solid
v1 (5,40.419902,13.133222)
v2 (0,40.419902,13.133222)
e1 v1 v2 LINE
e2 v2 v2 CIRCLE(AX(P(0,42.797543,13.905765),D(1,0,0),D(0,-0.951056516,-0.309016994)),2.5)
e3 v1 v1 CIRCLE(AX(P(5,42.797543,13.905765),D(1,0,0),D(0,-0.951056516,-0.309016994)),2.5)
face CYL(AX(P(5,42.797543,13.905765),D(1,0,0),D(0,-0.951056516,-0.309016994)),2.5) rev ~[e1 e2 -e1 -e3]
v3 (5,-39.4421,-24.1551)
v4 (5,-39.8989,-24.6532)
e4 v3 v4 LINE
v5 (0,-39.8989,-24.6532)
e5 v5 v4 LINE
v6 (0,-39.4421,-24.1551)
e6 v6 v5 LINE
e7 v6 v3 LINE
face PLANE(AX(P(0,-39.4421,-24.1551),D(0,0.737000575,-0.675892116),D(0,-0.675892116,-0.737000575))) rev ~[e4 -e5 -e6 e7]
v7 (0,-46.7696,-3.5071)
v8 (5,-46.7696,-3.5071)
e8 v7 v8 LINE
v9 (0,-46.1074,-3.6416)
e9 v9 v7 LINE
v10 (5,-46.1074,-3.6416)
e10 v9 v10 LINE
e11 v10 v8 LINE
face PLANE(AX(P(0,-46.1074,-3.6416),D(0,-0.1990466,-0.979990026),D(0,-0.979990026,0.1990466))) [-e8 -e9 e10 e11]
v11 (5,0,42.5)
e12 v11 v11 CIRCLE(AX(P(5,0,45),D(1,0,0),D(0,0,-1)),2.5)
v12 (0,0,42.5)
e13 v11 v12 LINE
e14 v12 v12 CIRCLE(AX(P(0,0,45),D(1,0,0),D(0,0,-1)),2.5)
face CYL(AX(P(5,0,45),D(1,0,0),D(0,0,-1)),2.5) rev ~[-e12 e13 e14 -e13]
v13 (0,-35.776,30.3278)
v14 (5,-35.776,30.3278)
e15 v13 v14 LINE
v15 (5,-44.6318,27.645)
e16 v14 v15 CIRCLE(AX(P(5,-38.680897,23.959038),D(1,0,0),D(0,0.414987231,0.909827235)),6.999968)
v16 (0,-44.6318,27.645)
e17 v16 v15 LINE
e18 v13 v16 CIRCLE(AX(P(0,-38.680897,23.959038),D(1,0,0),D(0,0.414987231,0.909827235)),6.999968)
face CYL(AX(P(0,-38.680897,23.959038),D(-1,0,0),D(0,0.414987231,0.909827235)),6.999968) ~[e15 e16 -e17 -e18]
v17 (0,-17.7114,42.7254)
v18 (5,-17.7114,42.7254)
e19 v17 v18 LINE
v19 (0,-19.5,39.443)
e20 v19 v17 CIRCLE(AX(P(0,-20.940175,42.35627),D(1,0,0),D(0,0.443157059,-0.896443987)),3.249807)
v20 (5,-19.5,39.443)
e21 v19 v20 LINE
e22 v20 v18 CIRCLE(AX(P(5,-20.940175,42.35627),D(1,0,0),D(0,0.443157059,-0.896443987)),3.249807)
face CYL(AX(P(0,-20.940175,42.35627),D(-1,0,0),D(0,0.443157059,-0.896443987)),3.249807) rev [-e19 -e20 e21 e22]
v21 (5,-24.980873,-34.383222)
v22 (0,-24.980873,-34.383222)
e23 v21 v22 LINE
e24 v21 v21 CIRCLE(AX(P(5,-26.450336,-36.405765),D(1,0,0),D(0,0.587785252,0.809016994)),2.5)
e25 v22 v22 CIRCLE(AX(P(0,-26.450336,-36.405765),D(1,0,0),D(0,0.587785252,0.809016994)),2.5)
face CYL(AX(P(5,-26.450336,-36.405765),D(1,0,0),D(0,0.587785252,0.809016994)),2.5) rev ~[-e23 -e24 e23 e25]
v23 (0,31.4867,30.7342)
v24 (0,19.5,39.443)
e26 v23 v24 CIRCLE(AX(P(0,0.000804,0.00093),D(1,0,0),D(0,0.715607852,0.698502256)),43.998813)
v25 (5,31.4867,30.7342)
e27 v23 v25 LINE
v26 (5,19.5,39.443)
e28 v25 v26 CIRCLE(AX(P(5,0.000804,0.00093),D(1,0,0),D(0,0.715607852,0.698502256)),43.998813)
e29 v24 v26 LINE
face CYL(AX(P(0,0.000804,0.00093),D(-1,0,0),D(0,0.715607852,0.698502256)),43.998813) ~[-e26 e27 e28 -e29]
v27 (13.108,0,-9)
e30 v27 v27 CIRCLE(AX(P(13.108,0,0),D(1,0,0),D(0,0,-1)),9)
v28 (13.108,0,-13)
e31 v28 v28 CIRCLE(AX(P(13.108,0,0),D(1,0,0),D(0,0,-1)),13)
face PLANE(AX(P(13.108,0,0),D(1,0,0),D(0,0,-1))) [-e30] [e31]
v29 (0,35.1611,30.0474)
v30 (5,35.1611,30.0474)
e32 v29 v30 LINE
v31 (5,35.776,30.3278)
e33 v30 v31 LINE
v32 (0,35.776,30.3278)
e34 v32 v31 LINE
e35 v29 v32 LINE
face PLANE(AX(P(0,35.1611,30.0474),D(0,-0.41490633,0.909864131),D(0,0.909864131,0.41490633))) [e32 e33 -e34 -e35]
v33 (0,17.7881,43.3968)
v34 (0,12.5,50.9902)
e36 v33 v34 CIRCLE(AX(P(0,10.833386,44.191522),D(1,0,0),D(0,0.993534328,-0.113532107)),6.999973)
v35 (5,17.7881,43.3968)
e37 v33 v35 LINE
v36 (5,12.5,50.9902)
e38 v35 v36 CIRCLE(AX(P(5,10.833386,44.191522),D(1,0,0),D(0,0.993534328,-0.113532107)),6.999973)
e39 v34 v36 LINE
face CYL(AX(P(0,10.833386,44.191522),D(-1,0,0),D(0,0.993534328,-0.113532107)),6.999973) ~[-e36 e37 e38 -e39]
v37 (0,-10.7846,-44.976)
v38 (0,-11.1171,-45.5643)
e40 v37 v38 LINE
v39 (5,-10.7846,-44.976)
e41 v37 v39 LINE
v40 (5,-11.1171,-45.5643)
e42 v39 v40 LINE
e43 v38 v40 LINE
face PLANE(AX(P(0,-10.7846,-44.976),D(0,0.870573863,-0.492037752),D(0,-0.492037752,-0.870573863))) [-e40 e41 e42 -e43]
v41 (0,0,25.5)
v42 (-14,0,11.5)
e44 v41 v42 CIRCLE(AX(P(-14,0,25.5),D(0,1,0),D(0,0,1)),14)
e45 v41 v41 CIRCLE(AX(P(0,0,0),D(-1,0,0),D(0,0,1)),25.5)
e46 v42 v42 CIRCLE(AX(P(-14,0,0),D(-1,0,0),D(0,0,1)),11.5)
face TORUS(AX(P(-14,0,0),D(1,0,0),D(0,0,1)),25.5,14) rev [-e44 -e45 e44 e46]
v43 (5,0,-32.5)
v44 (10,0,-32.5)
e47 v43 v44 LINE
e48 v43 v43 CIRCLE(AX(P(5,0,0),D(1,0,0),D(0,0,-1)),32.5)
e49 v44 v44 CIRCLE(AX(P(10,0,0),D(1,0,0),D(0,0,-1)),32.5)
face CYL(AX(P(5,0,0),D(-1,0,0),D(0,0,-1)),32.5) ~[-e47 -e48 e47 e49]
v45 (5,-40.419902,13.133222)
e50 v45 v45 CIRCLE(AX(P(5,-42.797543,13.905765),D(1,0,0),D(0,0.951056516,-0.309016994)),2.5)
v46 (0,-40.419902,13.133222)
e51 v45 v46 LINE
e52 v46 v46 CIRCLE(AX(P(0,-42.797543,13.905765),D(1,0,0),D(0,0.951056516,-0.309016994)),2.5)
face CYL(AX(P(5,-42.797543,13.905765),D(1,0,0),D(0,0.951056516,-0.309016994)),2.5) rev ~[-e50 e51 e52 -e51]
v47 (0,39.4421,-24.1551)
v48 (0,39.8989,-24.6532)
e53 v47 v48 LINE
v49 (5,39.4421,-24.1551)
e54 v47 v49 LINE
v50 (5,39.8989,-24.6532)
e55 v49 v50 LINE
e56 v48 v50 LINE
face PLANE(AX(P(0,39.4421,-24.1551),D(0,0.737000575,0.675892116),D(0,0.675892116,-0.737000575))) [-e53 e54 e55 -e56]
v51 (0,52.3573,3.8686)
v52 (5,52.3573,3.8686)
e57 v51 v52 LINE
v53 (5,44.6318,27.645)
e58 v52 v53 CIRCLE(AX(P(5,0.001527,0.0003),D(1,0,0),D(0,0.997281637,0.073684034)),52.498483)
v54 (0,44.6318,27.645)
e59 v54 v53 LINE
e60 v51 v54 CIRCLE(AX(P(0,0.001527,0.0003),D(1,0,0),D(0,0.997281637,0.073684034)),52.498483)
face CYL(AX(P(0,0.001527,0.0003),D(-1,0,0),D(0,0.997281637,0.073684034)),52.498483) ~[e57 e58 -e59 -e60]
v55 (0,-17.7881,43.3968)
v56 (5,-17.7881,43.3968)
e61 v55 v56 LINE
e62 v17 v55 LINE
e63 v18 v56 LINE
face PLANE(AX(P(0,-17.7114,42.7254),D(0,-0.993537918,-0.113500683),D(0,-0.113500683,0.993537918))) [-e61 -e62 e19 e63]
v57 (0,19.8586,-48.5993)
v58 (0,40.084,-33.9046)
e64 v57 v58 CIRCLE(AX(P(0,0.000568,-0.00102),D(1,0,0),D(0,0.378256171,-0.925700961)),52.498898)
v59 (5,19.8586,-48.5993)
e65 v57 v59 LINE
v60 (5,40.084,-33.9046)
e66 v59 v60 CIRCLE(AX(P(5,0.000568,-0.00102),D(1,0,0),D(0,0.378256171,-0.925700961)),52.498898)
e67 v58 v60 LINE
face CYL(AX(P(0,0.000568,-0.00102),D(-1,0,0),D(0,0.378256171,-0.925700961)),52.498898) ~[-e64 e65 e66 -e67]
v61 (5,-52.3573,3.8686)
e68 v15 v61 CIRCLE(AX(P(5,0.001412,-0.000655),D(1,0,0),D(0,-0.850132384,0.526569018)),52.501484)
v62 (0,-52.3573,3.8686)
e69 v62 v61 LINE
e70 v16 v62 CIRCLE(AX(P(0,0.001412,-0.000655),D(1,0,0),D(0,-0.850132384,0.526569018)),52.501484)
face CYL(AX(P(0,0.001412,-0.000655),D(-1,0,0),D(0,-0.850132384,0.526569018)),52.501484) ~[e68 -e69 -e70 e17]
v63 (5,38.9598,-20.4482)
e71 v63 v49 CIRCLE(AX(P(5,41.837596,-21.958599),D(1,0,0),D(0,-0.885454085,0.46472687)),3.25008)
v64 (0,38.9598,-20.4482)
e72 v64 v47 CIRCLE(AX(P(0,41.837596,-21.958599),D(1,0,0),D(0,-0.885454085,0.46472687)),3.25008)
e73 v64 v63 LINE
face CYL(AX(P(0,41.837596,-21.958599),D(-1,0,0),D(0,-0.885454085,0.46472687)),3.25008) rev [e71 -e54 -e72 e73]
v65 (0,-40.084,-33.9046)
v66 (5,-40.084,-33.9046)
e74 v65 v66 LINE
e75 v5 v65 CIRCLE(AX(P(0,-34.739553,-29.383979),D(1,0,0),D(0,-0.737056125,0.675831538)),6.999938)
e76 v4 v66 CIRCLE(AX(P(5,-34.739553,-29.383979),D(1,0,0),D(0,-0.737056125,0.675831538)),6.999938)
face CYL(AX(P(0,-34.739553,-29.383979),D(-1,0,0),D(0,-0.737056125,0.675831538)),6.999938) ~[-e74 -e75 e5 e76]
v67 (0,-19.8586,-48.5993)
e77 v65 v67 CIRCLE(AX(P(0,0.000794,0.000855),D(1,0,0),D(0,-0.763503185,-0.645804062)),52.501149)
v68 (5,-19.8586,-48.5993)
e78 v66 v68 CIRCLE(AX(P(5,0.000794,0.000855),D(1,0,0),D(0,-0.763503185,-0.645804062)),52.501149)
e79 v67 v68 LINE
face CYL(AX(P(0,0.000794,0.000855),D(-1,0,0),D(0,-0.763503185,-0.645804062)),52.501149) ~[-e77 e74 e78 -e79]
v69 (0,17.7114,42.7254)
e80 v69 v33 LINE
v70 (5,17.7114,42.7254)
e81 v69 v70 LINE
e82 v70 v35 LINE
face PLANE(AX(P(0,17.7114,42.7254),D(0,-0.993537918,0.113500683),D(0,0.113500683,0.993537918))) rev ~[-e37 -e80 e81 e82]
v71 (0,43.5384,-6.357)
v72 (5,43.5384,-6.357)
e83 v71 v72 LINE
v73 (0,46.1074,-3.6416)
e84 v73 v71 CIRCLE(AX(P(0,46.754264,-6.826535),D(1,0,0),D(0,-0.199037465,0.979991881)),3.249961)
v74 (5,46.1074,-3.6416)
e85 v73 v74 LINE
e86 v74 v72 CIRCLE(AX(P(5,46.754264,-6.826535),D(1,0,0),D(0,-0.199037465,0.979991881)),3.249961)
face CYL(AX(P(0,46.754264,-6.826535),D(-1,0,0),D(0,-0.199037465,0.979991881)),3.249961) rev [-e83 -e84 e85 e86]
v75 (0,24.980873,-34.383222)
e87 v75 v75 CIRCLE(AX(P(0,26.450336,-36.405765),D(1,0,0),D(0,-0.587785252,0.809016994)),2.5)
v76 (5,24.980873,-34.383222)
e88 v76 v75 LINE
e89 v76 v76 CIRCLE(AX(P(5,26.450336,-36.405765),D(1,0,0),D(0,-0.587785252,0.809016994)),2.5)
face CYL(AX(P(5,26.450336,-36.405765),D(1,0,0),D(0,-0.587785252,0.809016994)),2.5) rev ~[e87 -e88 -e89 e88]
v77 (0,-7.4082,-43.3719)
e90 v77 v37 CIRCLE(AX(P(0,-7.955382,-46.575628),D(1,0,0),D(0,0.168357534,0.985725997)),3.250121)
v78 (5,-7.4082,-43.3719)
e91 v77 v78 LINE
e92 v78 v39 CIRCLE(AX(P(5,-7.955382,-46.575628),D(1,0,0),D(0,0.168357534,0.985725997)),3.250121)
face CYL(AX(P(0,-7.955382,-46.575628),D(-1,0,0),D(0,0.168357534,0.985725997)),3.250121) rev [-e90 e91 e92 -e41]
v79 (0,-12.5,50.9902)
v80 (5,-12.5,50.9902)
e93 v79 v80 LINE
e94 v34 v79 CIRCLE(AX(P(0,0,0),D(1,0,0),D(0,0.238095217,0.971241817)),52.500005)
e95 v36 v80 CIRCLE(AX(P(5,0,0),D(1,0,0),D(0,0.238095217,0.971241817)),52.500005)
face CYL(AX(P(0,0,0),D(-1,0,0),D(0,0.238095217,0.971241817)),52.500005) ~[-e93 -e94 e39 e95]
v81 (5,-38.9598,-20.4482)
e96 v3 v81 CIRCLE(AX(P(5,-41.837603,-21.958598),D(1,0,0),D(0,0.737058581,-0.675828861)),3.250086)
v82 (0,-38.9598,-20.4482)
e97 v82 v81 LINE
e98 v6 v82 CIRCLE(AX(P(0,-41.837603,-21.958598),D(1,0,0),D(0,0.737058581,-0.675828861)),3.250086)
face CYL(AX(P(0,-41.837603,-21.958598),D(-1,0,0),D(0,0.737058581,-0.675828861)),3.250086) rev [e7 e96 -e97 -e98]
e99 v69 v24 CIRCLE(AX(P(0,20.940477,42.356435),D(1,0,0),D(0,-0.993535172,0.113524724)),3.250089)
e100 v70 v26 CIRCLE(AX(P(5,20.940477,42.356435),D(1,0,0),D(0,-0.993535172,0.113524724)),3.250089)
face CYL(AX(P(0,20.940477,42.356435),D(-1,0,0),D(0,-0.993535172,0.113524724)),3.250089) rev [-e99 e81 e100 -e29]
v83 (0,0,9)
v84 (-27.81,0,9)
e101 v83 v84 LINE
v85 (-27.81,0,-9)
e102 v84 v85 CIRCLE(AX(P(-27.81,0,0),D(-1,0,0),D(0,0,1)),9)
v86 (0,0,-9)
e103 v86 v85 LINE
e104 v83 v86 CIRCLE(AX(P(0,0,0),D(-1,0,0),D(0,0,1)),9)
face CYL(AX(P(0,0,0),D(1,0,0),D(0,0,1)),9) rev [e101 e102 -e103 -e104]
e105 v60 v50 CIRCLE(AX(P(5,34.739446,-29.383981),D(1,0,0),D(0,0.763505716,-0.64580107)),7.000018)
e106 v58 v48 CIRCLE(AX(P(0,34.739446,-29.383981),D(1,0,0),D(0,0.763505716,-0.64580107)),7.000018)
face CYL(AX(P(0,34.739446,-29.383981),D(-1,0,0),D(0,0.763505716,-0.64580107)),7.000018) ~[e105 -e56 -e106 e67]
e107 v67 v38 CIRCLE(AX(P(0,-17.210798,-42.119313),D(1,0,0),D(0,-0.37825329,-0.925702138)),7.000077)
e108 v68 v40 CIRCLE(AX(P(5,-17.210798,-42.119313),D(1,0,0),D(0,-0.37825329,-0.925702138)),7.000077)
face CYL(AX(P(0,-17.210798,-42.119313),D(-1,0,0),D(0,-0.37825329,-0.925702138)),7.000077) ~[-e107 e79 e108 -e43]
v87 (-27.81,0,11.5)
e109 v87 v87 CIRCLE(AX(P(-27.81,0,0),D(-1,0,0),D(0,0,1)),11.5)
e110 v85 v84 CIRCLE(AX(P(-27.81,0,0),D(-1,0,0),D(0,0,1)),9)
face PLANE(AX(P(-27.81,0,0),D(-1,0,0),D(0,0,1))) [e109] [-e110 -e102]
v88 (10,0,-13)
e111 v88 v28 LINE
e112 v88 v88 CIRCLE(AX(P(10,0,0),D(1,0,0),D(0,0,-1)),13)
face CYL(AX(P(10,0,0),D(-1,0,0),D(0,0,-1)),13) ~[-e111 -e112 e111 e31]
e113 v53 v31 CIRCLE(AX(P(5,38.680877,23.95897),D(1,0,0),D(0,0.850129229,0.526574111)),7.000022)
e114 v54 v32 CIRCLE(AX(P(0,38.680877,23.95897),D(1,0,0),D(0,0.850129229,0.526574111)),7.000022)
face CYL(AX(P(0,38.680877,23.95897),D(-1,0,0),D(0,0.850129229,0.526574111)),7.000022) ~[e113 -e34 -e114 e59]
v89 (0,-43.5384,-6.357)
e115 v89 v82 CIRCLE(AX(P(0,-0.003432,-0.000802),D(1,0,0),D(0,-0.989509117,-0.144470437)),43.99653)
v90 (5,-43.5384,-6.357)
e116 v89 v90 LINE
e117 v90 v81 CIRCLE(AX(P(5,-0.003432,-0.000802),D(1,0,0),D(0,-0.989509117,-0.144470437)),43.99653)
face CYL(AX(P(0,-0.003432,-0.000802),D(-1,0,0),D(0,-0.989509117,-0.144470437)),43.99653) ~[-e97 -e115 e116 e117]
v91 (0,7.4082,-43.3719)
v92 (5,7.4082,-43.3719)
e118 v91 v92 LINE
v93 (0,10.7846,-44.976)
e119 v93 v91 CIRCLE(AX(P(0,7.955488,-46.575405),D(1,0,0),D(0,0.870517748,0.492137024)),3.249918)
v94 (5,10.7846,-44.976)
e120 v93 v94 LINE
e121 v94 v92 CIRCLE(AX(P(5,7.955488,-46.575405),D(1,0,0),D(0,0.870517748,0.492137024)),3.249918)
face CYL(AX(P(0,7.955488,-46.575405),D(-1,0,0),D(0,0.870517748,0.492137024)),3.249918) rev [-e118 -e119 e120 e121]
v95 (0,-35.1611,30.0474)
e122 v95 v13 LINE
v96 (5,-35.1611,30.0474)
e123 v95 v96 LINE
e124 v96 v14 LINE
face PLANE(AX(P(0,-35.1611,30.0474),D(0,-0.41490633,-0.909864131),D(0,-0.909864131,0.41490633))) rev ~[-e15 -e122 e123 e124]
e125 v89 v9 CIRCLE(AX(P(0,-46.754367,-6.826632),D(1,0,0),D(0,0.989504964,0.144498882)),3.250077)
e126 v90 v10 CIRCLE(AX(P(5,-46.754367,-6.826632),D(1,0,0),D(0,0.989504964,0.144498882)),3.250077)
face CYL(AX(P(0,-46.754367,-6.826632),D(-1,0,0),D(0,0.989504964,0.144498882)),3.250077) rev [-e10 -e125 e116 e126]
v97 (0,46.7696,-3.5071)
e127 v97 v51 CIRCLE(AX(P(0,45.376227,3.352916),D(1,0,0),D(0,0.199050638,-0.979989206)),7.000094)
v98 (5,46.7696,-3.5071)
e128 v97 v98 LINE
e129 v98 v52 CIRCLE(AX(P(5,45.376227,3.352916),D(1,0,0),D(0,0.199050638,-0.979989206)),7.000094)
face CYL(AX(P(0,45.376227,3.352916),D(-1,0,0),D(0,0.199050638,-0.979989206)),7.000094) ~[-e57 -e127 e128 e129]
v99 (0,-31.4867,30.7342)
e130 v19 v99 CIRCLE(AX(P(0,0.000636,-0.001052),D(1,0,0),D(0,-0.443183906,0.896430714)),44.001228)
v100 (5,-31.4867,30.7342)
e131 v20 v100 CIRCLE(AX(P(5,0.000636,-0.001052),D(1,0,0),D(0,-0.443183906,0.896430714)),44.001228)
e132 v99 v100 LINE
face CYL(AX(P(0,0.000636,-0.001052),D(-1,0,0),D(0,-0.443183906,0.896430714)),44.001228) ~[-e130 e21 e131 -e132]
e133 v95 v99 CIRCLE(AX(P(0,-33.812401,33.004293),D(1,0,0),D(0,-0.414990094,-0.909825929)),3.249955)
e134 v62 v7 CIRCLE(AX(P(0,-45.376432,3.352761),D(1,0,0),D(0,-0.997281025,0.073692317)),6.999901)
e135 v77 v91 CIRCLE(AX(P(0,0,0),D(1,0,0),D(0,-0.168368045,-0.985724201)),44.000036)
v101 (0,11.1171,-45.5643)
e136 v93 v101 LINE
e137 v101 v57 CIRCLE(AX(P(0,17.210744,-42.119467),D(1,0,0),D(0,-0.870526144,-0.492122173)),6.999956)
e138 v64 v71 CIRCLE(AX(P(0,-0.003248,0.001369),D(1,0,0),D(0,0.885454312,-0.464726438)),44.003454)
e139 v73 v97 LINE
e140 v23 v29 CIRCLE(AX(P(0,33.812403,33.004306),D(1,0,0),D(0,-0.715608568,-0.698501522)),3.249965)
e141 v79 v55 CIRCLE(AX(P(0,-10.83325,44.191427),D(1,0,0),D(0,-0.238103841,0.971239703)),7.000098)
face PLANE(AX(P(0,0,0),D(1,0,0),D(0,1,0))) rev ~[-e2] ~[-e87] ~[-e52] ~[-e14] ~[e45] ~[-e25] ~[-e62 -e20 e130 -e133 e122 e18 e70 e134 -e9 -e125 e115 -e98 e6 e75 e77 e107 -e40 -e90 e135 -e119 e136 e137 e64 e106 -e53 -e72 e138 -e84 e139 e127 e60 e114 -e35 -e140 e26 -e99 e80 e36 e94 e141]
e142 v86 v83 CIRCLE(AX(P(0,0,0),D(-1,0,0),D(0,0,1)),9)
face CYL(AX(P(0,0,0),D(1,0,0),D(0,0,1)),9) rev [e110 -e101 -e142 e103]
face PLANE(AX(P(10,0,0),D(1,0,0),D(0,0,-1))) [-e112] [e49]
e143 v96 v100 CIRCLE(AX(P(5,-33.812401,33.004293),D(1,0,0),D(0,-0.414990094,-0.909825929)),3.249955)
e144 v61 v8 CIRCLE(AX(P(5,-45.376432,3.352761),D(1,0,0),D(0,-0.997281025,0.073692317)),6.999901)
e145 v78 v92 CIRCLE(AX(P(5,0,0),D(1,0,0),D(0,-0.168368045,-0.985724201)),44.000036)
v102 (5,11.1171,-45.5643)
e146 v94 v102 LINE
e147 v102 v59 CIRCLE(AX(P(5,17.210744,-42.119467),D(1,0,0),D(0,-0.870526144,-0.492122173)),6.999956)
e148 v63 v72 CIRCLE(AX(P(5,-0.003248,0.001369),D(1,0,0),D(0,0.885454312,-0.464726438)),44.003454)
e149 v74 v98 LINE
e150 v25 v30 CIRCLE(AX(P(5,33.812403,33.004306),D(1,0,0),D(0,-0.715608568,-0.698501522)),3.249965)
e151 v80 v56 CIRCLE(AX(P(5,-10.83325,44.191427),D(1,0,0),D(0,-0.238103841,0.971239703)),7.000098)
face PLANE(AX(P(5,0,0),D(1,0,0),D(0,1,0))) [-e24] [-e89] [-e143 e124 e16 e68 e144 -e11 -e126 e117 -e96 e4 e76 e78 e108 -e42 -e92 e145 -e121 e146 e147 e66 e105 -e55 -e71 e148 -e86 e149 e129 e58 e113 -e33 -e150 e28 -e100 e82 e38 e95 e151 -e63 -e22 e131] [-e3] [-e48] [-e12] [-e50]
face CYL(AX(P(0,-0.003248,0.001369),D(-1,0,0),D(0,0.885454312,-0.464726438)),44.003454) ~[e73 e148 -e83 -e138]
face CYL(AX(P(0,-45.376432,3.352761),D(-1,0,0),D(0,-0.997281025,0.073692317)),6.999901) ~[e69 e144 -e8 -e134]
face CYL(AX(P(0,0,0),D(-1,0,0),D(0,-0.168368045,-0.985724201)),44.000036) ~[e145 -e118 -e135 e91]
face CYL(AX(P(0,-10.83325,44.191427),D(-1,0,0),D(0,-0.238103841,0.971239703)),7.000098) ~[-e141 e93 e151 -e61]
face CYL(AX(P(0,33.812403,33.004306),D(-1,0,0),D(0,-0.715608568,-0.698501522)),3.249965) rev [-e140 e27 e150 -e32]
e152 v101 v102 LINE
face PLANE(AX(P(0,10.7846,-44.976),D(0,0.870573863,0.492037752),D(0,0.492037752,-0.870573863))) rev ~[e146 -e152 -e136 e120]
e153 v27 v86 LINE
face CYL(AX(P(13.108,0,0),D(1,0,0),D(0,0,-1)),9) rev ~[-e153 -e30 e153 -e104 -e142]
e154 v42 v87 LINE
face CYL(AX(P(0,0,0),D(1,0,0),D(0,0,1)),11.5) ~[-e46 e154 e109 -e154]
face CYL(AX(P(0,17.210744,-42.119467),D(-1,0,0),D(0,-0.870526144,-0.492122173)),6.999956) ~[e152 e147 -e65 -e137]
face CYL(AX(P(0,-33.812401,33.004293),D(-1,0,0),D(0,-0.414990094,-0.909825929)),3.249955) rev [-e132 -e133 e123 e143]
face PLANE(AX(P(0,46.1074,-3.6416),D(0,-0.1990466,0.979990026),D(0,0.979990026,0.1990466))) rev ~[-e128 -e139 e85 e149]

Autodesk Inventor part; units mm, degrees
ref_plane "YZ Plane" through (0, 0, 0) normal (1, 0, 0) x (0, 1, 0)
ref_plane "XZ Plane" through (0, 0, 0) normal (0, 1, 0) x (-1, 0, 0)
ref_plane "XY Plane" through (0, 0, 0) normal (0, 0, 1) x (1, 0, 0)
sketch "Sketch2" plane through (0, 0, 0) normal (1, 0, 0) x (0, 1, 0)
  arc A0 (12.5, 50.9902) -> (-12.5, 50.9902) centre (0, 0) ccw
  arc A1 (-19.5, 39.443) -> (-17.7114, 42.7254) centre (-20.9403, 42.3564) ccw
  line L0 (-17.7114, 42.7254) -> (-17.7881, 43.3968)
  arc A2 (-12.5, 50.9902) -> (-17.7881, 43.3968) centre (-10.8333, 44.1915) ccw
  line L1 (0, 0) -> (0, 52.5) construction
  arc A3 (17.7114, 42.7254) -> (19.5, 39.443) centre (20.9403, 42.3564) ccw
  line L2 (17.7114, 42.7254) -> (17.7881, 43.3968)
  arc A4 (17.7881, 43.3968) -> (12.5, 50.9902) centre (10.8333, 44.1915) ccw
  arc A5 (-44.6318, 27.645) -> (-52.3573, 3.8686) centre (0, 0) ccw
  arc A6 (-43.5384, -6.357) -> (-46.1074, -3.6416) centre (-46.7543, -6.8266) ccw
  line L3 (-46.1074, -3.6416) -> (-46.7696, -3.5071)
  arc A7 (-52.3573, 3.8686) -> (-46.7696, -3.5071) centre (-45.3763, 3.3528) ccw
  line L4 (0, 0) -> (-49.9305, 16.2234) construction
  arc A8 (-35.776, 30.3278) -> (-44.6318, 27.645) centre (-38.6809, 23.959) ccw
  line L5 (-35.1611, 30.0474) -> (-35.776, 30.3278)
  arc A9 (-35.1611, 30.0474) -> (-31.4867, 30.7342) centre (-33.8124, 33.0043) ccw
  arc A10 (-40.084, -33.9046) -> (-19.8586, -48.5993) centre (0, 0) ccw
  arc A11 (-7.4082, -43.3719) -> (-10.7846, -44.976) centre (-7.9554, -46.5755) ccw
  line L6 (-10.7846, -44.976) -> (-11.1171, -45.5643)
  arc A12 (-19.8586, -48.5993) -> (-11.1171, -45.5643) centre (-17.2108, -42.1194) ccw
  line L7 (0, 0) -> (-30.8587, -42.4734) construction
  arc A13 (-39.8989, -24.6532) -> (-40.084, -33.9046) centre (-34.7395, -29.384) ccw
  line L8 (-39.4421, -24.1551) -> (-39.8989, -24.6532)
  arc A14 (-39.4421, -24.1551) -> (-38.9598, -20.4482) centre (-41.8376, -21.9586) ccw
  arc A15 (19.8586, -48.5993) -> (40.084, -33.9046) centre (0, 0) ccw
  arc A16 (38.9598, -20.4482) -> (39.4421, -24.1551) centre (41.8376, -21.9586) ccw
  line L9 (39.4421, -24.1551) -> (39.8989, -24.6532)
  arc A17 (40.084, -33.9046) -> (39.8989, -24.6532) centre (34.7395, -29.384) ccw
  line L10 (0, 0) -> (30.8587, -42.4734) construction
  arc A18 (11.1171, -45.5643) -> (19.8586, -48.5993) centre (17.2108, -42.1194) ccw
  line L11 (10.7846, -44.976) -> (11.1171, -45.5643)
  arc A19 (10.7846, -44.976) -> (7.4082, -43.3719) centre (7.9554, -46.5755) ccw
  arc A20 (52.3573, 3.8686) -> (44.6318, 27.645) centre (0, 0) ccw
  arc A21 (31.4867, 30.7342) -> (35.1611, 30.0474) centre (33.8124, 33.0043) ccw
  line L12 (35.1611, 30.0474) -> (35.776, 30.3278)
  arc A22 (44.6318, 27.645) -> (35.776, 30.3278) centre (38.6809, 23.959) ccw
  line L13 (0, 0) -> (49.9305, 16.2234) construction
  arc A23 (46.7696, -3.5071) -> (52.3573, 3.8686) centre (45.3763, 3.3528) ccw
  line L14 (46.1074, -3.6416) -> (46.7696, -3.5071)
  arc A24 (46.1074, -3.6416) -> (43.5384, -6.357) centre (46.7543, -6.8266) ccw
  arc A25 (38.9598, -20.4482) -> (43.5384, -6.357) centre (0, 0) ccw
  arc A26 (-7.4082, -43.3719) -> (7.4082, -43.3719) centre (0, 0) ccw
  arc A27 (-43.5384, -6.357) -> (-38.9598, -20.4482) centre (0, 0) ccw
  arc A28 (31.4867, 30.7342) -> (19.5, 39.443) centre (0, 0) ccw
  arc A29 (-19.5, 39.443) -> (-31.4867, 30.7342) centre (0, 0) ccw
  dimension "d75" = 52.5
  dimension "d76" = 7
  dimension "d77" = 3.25
  dimension "d80" = 360
  dimension "d83" = 44
  dimension "d84" = 12.5
  dimension "d85" = 19.5
extrude "Extrusion1" add sketch "Sketch2" along normal blind 5
sketch "Sketch3" plane through (0, 0, 0) normal (-1, 0, 0) x (0, 0, 1)
  circle A0 centre (0, 0) radius 11.5
  circle A1 centre (0, 0) radius 9
  point P0 (0, 0)
  dimension "d55" = 23
  dimension "d56" = 18
extrude "Extrusion2" add sketch "Sketch3" along normal blind 27.81
fillet "Fillet1" radius 14 1 edges at (0, 0, -11.5)
sketch "Sketch4" plane through (5, 0, 0) normal (1, 0, 0) x (0, 0, -1)
  circle A0 centre (0, 0) radius 32.5
  point P0 (0, 0)
  dimension "d60" = 65
extrude "Extrusion3" add sketch "Sketch4" along normal blind 5
sketch "Sketch5" plane through (10, 0, 0) normal (1, 0, 0) x (0, 0, -1)
  circle A0 centre (0, 0) radius 13
  point P0 (0, 0)
  dimension "d63" = 26
extrude "Extrusion4" add sketch "Sketch5" along normal blind 3.108
sketch "Sketch6" plane through (13.108, 0, 0) normal (1, 0, 0) x (0, 0, -1)
  circle A0 centre (0, 0) radius 9 projected
  point P0 (0, 0)
extrude "Extrusion5" cut sketch "Sketch6" against normal through all
sketch "Sketch7" plane through (5, 0, 0) normal (1, 0, 0) x (0, 0, -1)
  circle A0 centre (-45, 0) radius 2.5
  point P0 (0, 0)
  dimension "d68" = 45
  dimension "d69" = 5
extrude "Extrusion6" cut sketch "Sketch7" against normal through all
pattern_circular "Circular Pattern1" count 5 over 360 about axis through (-10, 0, 0) along (1, 0, 0) of "Extrusion6"
properties part number "362-03"
